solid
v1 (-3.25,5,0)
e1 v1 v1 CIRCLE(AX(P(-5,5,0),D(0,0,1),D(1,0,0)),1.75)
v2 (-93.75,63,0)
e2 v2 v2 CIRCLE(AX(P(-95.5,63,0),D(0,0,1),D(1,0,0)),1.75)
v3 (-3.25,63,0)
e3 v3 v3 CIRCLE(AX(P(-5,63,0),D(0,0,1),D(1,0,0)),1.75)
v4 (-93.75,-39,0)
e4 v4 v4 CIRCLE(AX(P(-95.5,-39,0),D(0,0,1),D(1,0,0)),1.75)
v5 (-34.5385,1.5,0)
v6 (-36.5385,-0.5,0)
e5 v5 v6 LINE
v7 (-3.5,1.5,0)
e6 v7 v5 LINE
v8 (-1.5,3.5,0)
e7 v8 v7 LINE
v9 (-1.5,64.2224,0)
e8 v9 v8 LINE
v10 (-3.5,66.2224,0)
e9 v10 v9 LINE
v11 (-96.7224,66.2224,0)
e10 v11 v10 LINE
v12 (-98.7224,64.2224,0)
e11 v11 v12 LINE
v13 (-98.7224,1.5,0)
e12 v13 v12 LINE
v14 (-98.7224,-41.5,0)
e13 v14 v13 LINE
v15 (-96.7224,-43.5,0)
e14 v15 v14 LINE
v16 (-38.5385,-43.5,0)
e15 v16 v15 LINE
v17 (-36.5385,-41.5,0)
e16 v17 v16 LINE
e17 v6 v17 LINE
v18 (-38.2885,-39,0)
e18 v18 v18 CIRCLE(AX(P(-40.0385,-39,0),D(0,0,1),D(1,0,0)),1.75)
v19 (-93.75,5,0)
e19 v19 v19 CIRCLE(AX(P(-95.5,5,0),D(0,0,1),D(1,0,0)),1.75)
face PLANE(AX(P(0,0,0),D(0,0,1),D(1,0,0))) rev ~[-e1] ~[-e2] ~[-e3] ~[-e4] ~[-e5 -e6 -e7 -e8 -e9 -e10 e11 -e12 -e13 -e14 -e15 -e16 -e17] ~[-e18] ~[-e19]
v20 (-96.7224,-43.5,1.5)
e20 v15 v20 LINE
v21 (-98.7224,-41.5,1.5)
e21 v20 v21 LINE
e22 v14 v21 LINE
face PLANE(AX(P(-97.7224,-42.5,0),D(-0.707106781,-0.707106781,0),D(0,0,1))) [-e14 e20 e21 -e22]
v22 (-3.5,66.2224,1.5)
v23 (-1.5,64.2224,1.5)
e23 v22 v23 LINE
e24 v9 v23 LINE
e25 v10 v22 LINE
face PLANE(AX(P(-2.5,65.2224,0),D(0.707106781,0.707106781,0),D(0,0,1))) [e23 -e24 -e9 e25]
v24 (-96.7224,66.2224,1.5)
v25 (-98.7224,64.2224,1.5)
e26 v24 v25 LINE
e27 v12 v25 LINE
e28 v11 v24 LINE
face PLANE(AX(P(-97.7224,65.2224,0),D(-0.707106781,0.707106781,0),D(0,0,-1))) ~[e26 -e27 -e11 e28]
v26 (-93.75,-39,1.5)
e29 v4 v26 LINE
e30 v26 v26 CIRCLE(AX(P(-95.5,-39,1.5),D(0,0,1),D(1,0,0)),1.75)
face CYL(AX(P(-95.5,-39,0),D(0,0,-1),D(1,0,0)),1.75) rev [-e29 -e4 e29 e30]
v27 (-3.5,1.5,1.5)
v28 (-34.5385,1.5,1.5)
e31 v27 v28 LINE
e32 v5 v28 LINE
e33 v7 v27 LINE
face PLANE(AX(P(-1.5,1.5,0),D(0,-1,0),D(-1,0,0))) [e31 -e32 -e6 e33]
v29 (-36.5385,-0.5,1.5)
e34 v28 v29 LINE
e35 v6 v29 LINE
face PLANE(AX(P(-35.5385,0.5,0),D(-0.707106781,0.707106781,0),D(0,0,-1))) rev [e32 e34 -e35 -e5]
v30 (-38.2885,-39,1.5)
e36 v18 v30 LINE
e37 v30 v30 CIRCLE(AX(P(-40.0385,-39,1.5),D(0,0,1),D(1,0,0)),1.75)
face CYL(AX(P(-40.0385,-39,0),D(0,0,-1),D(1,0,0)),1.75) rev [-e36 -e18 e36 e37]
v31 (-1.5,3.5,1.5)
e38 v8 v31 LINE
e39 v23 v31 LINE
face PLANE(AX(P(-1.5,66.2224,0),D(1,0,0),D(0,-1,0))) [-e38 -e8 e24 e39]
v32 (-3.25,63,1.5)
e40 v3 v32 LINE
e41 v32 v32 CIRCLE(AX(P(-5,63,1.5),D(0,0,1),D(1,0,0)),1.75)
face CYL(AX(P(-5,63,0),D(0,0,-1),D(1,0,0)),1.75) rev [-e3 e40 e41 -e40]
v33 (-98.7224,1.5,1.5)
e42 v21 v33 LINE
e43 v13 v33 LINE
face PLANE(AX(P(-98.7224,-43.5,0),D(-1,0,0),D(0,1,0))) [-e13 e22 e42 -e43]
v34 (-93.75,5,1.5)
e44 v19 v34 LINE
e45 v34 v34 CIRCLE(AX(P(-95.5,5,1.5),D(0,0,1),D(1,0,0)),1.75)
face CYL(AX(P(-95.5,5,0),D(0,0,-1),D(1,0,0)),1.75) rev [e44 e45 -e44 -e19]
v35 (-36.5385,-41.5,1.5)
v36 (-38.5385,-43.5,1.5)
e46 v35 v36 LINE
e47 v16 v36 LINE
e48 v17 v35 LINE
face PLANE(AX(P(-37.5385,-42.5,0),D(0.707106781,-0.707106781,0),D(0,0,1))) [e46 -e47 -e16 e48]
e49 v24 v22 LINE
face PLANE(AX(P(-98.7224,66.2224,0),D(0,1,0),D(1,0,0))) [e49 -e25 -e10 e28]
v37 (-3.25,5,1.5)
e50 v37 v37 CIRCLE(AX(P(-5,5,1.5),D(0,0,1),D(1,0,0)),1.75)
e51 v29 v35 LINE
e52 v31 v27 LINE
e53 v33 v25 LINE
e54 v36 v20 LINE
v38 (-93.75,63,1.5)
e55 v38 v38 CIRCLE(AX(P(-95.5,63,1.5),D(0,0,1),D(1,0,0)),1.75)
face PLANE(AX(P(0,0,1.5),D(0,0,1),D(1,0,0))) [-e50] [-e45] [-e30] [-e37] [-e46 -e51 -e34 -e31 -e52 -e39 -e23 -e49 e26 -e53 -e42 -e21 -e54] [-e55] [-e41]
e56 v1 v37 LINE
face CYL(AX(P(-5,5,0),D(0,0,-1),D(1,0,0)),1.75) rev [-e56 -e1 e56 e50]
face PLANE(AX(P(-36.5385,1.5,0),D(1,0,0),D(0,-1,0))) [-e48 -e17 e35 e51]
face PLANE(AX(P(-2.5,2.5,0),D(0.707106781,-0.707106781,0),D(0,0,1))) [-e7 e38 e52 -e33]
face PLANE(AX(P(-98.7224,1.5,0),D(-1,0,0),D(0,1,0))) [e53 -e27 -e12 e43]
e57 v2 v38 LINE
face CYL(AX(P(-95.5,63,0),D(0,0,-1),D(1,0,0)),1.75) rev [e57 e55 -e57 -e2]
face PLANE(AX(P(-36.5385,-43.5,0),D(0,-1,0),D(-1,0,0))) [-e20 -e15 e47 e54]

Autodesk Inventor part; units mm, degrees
ref_plane "YZ Plane" through (0, 0, 0) normal (1, 0, 0) x (0, 1, 0)
ref_plane "XZ Plane" through (0, 0, 0) normal (0, 1, 0) x (-1, 0, 0)
ref_plane "XY Plane" through (0, 0, 0) normal (0, 0, 1) x (1, 0, 0)
sketch "Sketch1" plane through (0, 0, 0) normal (0, 0, 1) x (1, 0, 0)
  circle A0 centre (-40.0385, -39) radius 1.75 construction
  line L0 (42.8756, 48.7655) -> (42.8756, -28.7655) construction
  line L1 (42.8756, -28.7655) -> (40.196, -28.7655) construction
  line L2 (40.196, -28.7655) -> (40.196, 48.7655) construction
  line L3 (40.196, 48.7655) -> (42.8756, 48.7655) construction
  spline S0 degree 3 poles (89.6342, -40) (89.6342, -40.307) (89.6036, -40.6423) (89.472, -41.2987) (89.3709, -41.6199) (89.1337, -42.1885) (88.9752, -42.4881) (88.5985, -43.0471) (88.3802, -43.3064) (87.9389, -43.7439) (87.6749, -43.962) (87.1069, -44.3378) (86.8028, -44.4954) (86.2212, -44.7341) (85.8898, -44.8364) (85.2127, -44.9693) (84.8671, -45) (84.5508, -45) knots 0 0 0 0 0.092109 0.092109 0.184218 0.184218 0.276951 0.276951 0.369685 0.369685 0.463374 0.463374 0.557062 0.557062 0.651966 0.651966 0.74687 0.74687 0.74687 0.74687 construction
  line L4 (84.5508, -45) -> (-30, -45) construction
  arc A1 (-33.5564, -43.5146) -> (-30, -45) centre (-30, -40) ccw construction
  spline S1 degree 3 poles (-33.5564, -43.5146) (-33.6039, -43.4665) (-33.657, -43.4242) (-33.7833, -43.3391) (-33.8593, -43.2982) (-34.0668, -43.1998) (-34.2122, -43.1453) (-34.442, -43.0616) (-34.5242, -43.0321) (-34.6067, -43.0012) (-34.6082, -43.0006) (-34.6098, -43) knots -0.12266 -0.12266 -0.12266 -0.12266 -0.100723 -0.100723 -0.073249 -0.073249 -0.02594 -0.02594 0 0 0.000492 0.000492 0.000492 0.000492 construction
  arc A2 (-35.5, -40) -> (-34.6098, -43) centre (-30, -40) ccw construction
  line L5 (-35.5, -40) -> (-35.5, -32) construction
  spline S2 degree 3 poles (-35.5, -32) (-35.3615, -31.8615) (-35.198, -31.6924) (-35.0448, -31.4076) (-35, -31.2614) (-35, -31.134) knots 0 0 0 0 0.058781 0.058781 0.097013 0.097013 0.097013 0.097013 construction
  line L6 (-35, -31.134) -> (-35, -5) construction
  arc A3 (-30, 0) -> (-35, -5) centre (-30, -5) ccw construction
  line L7 (-30, 0) -> (-13.8938, 0) construction
  spline S3 degree 3 poles (-13.8938, 0) (-13.7951, 0) (-13.6962, 0.0043) (-13.4487, 0.0242) (-13.2998, 0.0448) (-12.8834, 0.123) (-12.6198, 0.1971) (-12.1855, 0.3517) (-12.0173, 0.4203) (-11.8433, 0.4975) (-11.8405, 0.4988) (-11.8377, 0.5) knots -0.215254 -0.215254 -0.215254 -0.215254 -0.185183 -0.185183 -0.139614 -0.139614 -0.056186 -0.056186 0 0 0.000914 0.000914 0.000914 0.000914 construction
  line L8 (-11.8377, 0.5) -> (-3, 0.5) construction
  arc A4 (-3, 0.5) -> (-0.5, 3) centre (-3, 3) ccw construction
  line L9 (-0.5, 3) -> (-0.5, 63) construction
  arc A5 (1.8377, 67.5) -> (-0.5, 63) centre (5, 63) ccw construction
  spline S4 degree 3 poles (1.8377, 67.5) (1.8408, 67.5006) (1.8439, 67.5012) (2.091, 67.5495) (2.4162, 67.6049) (2.8871, 67.6848) (3.1573, 67.7302) (3.5823, 67.8102) (3.7456, 67.8428) (3.9031, 67.8782) knots -0.188965 -0.188965 -0.188965 -0.188965 -0.188229 -0.188229 -0.130201 -0.130201 -0.048433 -0.048433 0 0 0 0 construction
  arc A6 (5, 68) -> (3.9031, 67.8782) centre (5, 63) ccw construction
  line L10 (5, 68) -> (84.5508, 68) construction
  spline S5 degree 3 poles (84.5508, 68) (84.8671, 68) (85.2127, 67.9693) (85.8898, 67.8364) (86.2212, 67.7341) (86.8028, 67.4954) (87.1069, 67.3378) (87.6749, 66.962) (87.9389, 66.7439) (88.3802, 66.3064) (88.5985, 66.0471) (88.9752, 65.4881) (89.1337, 65.1885) (89.3709, 64.6199) (89.472, 64.2987) (89.6036, 63.6423) (89.6342, 63.307) (89.6342, 63) knots -0.74687 -0.74687 -0.74687 -0.74687 -0.651966 -0.651966 -0.557062 -0.557062 -0.463374 -0.463374 -0.369685 -0.369685 -0.276951 -0.276951 -0.184218 -0.184218 -0.092109 -0.092109 0 0 0 0 construction
  line L11 (89.6342, 63) -> (89.6342, -40) construction
  line L12 (-34.6098, -43) -> (-43, -43) construction
  arc A7 (-44.5, -41.5) -> (-43, -43) centre (-43, -41.5) ccw construction
  line L13 (-44.5, -41.5) -> (-44.5, -33.5) construction
  arc A8 (-43, -32) -> (-44.5, -33.5) centre (-43, -33.5) ccw construction
  line L14 (-43, -32) -> (-35.5, -32) construction
  arc A9 (-11.8377, 0.5) -> (-9.5, 5) centre (-15, 5) ccw construction
  line L15 (-9.5, 5) -> (-9.5, 8.6603) construction
  arc A10 (-8.8971, 10.9103) -> (-9.5, 8.6603) centre (-5, 8.6603) ccw construction
  line L16 (-8.8971, 10.9103) -> (-2.2369, 22.4462) construction
  arc A11 (-2.2369, 22.4462) -> (-1.5, 25.1962) centre (-7, 25.1962) ccw construction
  line L17 (-1.5, 25.1962) -> (-1.5, 42.8038) construction
  arc A12 (-1.5, 42.8038) -> (-2.2369, 45.5538) centre (-7, 42.8038) ccw construction
  line L18 (-2.2369, 45.5538) -> (-8.8971, 57.0897) construction
  arc A13 (-9.5, 59.3397) -> (-8.8971, 57.0897) centre (-5, 59.3397) ccw construction
  line L19 (-9.5, 59.3397) -> (-9.5, 65) construction
  arc A14 (-7, 67.5) -> (-9.5, 65) centre (-7, 65) ccw construction
  line L20 (1.8377, 67.5) -> (-7, 67.5) construction
  arc A15 (4.1416, 64.7033) -> (3.0926, 63) centre (5, 63) ccw construction
  line L21 (3.0926, 63) -> (3.0926, 3) construction
  spline S6 degree 3 poles (3.0926, 3) (3.0926, 2.7157) (3.051, 2.4082) (2.8879, 1.813) (2.7678, 1.5249) (2.4803, 0.9673) (2.276, 0.6516) (1.8113, 0.0638) (1.5508, -0.2083) (1.0345, -0.6709) (0.7291, -0.9038) (0.0797, -1.307) (-0.2644, -1.477) (-0.9, -1.7256) (-1.2494, -1.8303) (-1.962, -1.9676) (-2.3251, -2) (-2.6576, -2) knots 1.5371 1.5371 1.5371 1.5371 1.622376 1.622376 1.707652 1.707652 1.810613 1.810613 1.913573 1.913573 2.018567 2.018567 2.12356 2.12356 2.223299 2.223299 2.323037 2.323037 2.323037 2.323037 construction
  line L22 (-2.6576, -2) -> (-30, -2) construction
  arc A16 (-30, -2) -> (-33, -5) centre (-30, -5) ccw construction
  line L23 (-33, -5) -> (-33, -40) construction
  arc A17 (-33, -40) -> (-30, -43) centre (-30, -40) ccw construction
  line L24 (-30, -43) -> (84.5508, -43) construction
  spline S7 degree 3 poles (84.5508, -43) (84.9307, -43) (85.3782, -42.9124) (86.0771, -42.6259) (86.4531, -42.3779) (86.9836, -41.8526) (87.233, -41.4836) (87.5181, -40.8014) (87.6053, -40.3682) (87.6053, -40) knots -0.448416 -0.448416 -0.448416 -0.448416 -0.334429 -0.334429 -0.221821 -0.221821 -0.110466 -0.110466 0 0 0 0 construction
  line L25 (87.6053, -40) -> (87.6053, -27.0969) construction
  line L26 (87.6053, -27.0969) -> (86.08, -27.0969) construction
  line L27 (86.08, -27.0969) -> (86.08, -25.2969) construction
  line L28 (86.08, -25.2969) -> (87.6053, -25.2969) construction
  line L29 (87.6053, -25.2969) -> (87.6053, -23.4969) construction
  line L30 (87.6053, -23.4969) -> (86.08, -23.4969) construction
  line L31 (86.08, -23.4969) -> (86.08, -21.6969) construction
  line L32 (86.08, -21.6969) -> (87.6053, -21.6969) construction
  line L33 (87.6053, -21.6969) -> (87.6053, 36.1031) construction
  line L34 (87.6053, 36.1031) -> (86.08, 36.1031) construction
  line L35 (86.08, 36.1031) -> (86.08, 37.9031) construction
  line L36 (86.08, 37.9031) -> (87.6053, 37.9031) construction
  line L37 (87.6053, 37.9031) -> (87.6053, 39.7031) construction
  line L38 (87.6053, 39.7031) -> (86.08, 39.7031) construction
  line L39 (86.08, 39.7031) -> (86.08, 41.5031) construction
  line L40 (86.08, 41.5031) -> (87.6053, 41.5031) construction
  line L41 (87.6053, 41.5031) -> (87.6053, 63) construction
  spline S8 degree 3 poles (87.6053, 63) (87.6053, 63.3682) (87.5181, 63.8014) (87.233, 64.4836) (86.9836, 64.8526) (86.4531, 65.3779) (86.0771, 65.6259) (85.3782, 65.9124) (84.9307, 66) (84.5508, 66) knots 0 0 0 0 0.110466 0.110466 0.221821 0.221821 0.334429 0.334429 0.448416 0.448416 0.448416 0.448416 construction
  line L42 (84.5508, 66) -> (9.0869, 66) construction
  spline S9 degree 3 poles (9.0869, 66) (8.2981, 66) (7.4479, 65.8733) (5.7921, 65.4298) (4.9854, 65.1168) (4.2322, 64.7487) (4.1871, 64.7263) (4.1416, 64.7033) knots 0.547089 0.547089 0.547089 0.547089 0.783714 0.783714 1.02034 1.02034 1.035217 1.035217 1.035217 1.035217 construction
  circle A18 centre (-5, 63) radius 1.25 construction
  circle A19 centre (-5, 5) radius 1.25 construction
  circle A20 centre (-95.5, 63) radius 1.4224 construction
  circle A21 centre (-95.5, 5) radius 1.4224 construction
  line L43 (93.4273, 72) -> (93.4273, 74.5) construction
  line L44 (93.4273, 74.5) -> (92.1643, 74.5) construction
  line L45 (92.1643, 74.5) -> (92.1643, 76.5) construction
  line L46 (92.1643, 76.5) -> (94.6893, 76.5) construction
  line L47 (94.6893, 76.5) -> (94.6893, -53.5) construction
  line L48 (94.6893, -53.5) -> (92.1643, -53.5) construction
  line L49 (92.1643, -53.5) -> (92.1643, -51.5) construction
  line L50 (92.1643, -51.5) -> (93.4273, -51.5) construction
  line L51 (93.4273, -51.5) -> (93.4273, -49) construction
  line L52 (93.4273, -49) -> (90.6469, -49) construction
  line L53 (90.6469, -49) -> (90.6469, -47) construction
  line L54 (90.6469, -47) -> (92.1643, -47) construction
  line L55 (92.1643, -47) -> (92.1643, 70) construction
  line L56 (92.1643, 70) -> (90.6469, 70) construction
  line L57 (90.6469, 70) -> (90.6469, 72) construction
  line L58 (90.6469, 72) -> (93.4273, 72) construction
  line L59 (-103.5043, 74.5) -> (-103.5043, 72) construction
  line L60 (-103.5043, 72) -> (-100.7239, 72) construction
  line L61 (-100.7239, 72) -> (-100.7239, 70) construction
  line L62 (-100.7239, 70) -> (-102.2413, 70) construction
  line L63 (-102.2413, 70) -> (-102.2413, 63.75) construction
  line L64 (-102.2413, 63.75) -> (-98.6339, 63.75) construction
  arc A22 (-98.6339, 62.25) -> (-98.6339, 63.75) centre (-95.5, 63) ccw construction
  line L65 (-98.6339, 62.25) -> (-102.2413, 62.25) construction
  line L66 (-102.2413, 62.25) -> (-102.2413, 5.75) construction
  line L67 (-102.2413, 5.75) -> (-98.6339, 5.75) construction
  arc A23 (-98.6339, 4.25) -> (-98.6339, 5.75) centre (-95.5, 5) ccw construction
  line L68 (-98.6339, 4.25) -> (-102.2413, 4.25) construction
  line L69 (-102.2413, 4.25) -> (-102.2413, -47) construction
  line L70 (-102.2413, -47) -> (-100.7239, -47) construction
  line L71 (-100.7239, -47) -> (-100.7239, -49) construction
  line L72 (-100.7239, -49) -> (-103.5043, -49) construction
  line L73 (-103.5043, -49) -> (-103.5043, -51.5) construction
  line L74 (-103.5043, -51.5) -> (-102.2413, -51.5) construction
  line L75 (-102.2413, -51.5) -> (-102.2413, -53.5) construction
  line L76 (-102.2413, -53.5) -> (-104.7663, -53.5) construction
  line L77 (-104.7663, -53.5) -> (-104.7663, 76.5) construction
  line L78 (-104.7663, 76.5) -> (-102.2413, 76.5) construction
  line L79 (-102.2413, 76.5) -> (-102.2413, 74.5) construction
  line L80 (-102.2413, 74.5) -> (-103.5043, 74.5) construction
  line L81 (-102.2413, 63.75) -> (-102.2413, 62.25) construction
  line L82 (-102.2413, 5.75) -> (-102.2413, 4.25) construction
  line L83 (-98.7224, 66.2224) -> (-1.5, 66.2224)
  line L84 (-1.5, 66.2224) -> (-1.5, 1.5)
  line L85 (-1.5, 1.5) -> (-36.5385, 1.5)
  line L86 (-98.7224, 1.5) -> (-98.7224, 66.2224)
  line L87 (-36.5385, 1.5) -> (-36.5385, -43.5)
  line L88 (-36.5385, -43.5) -> (-98.7224, -43.5)
  line L89 (-98.7224, -43.5) -> (-98.7224, 1.5)
  circle A24 centre (-95.5, 5) radius 1.75
  circle A25 centre (-95.5, 63) radius 1.75
  circle A26 centre (-5, 63) radius 1.75
  circle A27 centre (-5, 5) radius 1.75
  circle A28 centre (-40.0385, -39) radius 1.75
  circle A29 centre (-95.5, -39) radius 1.4224 construction
  circle A30 centre (-95.5, -39) radius 1.75
  point P0 (0, 0)
  dimension "d0" = 3.5
  dimension "d1" = 3.5
  dimension "d2" = 3.5
  dimension "d3" = 4.5
  dimension "d5" = 3.5
extrude "Extrusion1" add sketch "Sketch1" along normal blind 1.5
chamfer "Chamfer1" distance 2 angle 45 6 edges at (-98.7224, -43.5, 0.75) (-36.5385, -43.5, 0.75) (-36.5385, 1.5, 0.75) (-1.5, 1.5, 0.75) (-1.5, 66.2224, 0.75) (-98.7224, 66.2224, 0.75)
properties part number "mainboard" material "Phenolic Resin"
